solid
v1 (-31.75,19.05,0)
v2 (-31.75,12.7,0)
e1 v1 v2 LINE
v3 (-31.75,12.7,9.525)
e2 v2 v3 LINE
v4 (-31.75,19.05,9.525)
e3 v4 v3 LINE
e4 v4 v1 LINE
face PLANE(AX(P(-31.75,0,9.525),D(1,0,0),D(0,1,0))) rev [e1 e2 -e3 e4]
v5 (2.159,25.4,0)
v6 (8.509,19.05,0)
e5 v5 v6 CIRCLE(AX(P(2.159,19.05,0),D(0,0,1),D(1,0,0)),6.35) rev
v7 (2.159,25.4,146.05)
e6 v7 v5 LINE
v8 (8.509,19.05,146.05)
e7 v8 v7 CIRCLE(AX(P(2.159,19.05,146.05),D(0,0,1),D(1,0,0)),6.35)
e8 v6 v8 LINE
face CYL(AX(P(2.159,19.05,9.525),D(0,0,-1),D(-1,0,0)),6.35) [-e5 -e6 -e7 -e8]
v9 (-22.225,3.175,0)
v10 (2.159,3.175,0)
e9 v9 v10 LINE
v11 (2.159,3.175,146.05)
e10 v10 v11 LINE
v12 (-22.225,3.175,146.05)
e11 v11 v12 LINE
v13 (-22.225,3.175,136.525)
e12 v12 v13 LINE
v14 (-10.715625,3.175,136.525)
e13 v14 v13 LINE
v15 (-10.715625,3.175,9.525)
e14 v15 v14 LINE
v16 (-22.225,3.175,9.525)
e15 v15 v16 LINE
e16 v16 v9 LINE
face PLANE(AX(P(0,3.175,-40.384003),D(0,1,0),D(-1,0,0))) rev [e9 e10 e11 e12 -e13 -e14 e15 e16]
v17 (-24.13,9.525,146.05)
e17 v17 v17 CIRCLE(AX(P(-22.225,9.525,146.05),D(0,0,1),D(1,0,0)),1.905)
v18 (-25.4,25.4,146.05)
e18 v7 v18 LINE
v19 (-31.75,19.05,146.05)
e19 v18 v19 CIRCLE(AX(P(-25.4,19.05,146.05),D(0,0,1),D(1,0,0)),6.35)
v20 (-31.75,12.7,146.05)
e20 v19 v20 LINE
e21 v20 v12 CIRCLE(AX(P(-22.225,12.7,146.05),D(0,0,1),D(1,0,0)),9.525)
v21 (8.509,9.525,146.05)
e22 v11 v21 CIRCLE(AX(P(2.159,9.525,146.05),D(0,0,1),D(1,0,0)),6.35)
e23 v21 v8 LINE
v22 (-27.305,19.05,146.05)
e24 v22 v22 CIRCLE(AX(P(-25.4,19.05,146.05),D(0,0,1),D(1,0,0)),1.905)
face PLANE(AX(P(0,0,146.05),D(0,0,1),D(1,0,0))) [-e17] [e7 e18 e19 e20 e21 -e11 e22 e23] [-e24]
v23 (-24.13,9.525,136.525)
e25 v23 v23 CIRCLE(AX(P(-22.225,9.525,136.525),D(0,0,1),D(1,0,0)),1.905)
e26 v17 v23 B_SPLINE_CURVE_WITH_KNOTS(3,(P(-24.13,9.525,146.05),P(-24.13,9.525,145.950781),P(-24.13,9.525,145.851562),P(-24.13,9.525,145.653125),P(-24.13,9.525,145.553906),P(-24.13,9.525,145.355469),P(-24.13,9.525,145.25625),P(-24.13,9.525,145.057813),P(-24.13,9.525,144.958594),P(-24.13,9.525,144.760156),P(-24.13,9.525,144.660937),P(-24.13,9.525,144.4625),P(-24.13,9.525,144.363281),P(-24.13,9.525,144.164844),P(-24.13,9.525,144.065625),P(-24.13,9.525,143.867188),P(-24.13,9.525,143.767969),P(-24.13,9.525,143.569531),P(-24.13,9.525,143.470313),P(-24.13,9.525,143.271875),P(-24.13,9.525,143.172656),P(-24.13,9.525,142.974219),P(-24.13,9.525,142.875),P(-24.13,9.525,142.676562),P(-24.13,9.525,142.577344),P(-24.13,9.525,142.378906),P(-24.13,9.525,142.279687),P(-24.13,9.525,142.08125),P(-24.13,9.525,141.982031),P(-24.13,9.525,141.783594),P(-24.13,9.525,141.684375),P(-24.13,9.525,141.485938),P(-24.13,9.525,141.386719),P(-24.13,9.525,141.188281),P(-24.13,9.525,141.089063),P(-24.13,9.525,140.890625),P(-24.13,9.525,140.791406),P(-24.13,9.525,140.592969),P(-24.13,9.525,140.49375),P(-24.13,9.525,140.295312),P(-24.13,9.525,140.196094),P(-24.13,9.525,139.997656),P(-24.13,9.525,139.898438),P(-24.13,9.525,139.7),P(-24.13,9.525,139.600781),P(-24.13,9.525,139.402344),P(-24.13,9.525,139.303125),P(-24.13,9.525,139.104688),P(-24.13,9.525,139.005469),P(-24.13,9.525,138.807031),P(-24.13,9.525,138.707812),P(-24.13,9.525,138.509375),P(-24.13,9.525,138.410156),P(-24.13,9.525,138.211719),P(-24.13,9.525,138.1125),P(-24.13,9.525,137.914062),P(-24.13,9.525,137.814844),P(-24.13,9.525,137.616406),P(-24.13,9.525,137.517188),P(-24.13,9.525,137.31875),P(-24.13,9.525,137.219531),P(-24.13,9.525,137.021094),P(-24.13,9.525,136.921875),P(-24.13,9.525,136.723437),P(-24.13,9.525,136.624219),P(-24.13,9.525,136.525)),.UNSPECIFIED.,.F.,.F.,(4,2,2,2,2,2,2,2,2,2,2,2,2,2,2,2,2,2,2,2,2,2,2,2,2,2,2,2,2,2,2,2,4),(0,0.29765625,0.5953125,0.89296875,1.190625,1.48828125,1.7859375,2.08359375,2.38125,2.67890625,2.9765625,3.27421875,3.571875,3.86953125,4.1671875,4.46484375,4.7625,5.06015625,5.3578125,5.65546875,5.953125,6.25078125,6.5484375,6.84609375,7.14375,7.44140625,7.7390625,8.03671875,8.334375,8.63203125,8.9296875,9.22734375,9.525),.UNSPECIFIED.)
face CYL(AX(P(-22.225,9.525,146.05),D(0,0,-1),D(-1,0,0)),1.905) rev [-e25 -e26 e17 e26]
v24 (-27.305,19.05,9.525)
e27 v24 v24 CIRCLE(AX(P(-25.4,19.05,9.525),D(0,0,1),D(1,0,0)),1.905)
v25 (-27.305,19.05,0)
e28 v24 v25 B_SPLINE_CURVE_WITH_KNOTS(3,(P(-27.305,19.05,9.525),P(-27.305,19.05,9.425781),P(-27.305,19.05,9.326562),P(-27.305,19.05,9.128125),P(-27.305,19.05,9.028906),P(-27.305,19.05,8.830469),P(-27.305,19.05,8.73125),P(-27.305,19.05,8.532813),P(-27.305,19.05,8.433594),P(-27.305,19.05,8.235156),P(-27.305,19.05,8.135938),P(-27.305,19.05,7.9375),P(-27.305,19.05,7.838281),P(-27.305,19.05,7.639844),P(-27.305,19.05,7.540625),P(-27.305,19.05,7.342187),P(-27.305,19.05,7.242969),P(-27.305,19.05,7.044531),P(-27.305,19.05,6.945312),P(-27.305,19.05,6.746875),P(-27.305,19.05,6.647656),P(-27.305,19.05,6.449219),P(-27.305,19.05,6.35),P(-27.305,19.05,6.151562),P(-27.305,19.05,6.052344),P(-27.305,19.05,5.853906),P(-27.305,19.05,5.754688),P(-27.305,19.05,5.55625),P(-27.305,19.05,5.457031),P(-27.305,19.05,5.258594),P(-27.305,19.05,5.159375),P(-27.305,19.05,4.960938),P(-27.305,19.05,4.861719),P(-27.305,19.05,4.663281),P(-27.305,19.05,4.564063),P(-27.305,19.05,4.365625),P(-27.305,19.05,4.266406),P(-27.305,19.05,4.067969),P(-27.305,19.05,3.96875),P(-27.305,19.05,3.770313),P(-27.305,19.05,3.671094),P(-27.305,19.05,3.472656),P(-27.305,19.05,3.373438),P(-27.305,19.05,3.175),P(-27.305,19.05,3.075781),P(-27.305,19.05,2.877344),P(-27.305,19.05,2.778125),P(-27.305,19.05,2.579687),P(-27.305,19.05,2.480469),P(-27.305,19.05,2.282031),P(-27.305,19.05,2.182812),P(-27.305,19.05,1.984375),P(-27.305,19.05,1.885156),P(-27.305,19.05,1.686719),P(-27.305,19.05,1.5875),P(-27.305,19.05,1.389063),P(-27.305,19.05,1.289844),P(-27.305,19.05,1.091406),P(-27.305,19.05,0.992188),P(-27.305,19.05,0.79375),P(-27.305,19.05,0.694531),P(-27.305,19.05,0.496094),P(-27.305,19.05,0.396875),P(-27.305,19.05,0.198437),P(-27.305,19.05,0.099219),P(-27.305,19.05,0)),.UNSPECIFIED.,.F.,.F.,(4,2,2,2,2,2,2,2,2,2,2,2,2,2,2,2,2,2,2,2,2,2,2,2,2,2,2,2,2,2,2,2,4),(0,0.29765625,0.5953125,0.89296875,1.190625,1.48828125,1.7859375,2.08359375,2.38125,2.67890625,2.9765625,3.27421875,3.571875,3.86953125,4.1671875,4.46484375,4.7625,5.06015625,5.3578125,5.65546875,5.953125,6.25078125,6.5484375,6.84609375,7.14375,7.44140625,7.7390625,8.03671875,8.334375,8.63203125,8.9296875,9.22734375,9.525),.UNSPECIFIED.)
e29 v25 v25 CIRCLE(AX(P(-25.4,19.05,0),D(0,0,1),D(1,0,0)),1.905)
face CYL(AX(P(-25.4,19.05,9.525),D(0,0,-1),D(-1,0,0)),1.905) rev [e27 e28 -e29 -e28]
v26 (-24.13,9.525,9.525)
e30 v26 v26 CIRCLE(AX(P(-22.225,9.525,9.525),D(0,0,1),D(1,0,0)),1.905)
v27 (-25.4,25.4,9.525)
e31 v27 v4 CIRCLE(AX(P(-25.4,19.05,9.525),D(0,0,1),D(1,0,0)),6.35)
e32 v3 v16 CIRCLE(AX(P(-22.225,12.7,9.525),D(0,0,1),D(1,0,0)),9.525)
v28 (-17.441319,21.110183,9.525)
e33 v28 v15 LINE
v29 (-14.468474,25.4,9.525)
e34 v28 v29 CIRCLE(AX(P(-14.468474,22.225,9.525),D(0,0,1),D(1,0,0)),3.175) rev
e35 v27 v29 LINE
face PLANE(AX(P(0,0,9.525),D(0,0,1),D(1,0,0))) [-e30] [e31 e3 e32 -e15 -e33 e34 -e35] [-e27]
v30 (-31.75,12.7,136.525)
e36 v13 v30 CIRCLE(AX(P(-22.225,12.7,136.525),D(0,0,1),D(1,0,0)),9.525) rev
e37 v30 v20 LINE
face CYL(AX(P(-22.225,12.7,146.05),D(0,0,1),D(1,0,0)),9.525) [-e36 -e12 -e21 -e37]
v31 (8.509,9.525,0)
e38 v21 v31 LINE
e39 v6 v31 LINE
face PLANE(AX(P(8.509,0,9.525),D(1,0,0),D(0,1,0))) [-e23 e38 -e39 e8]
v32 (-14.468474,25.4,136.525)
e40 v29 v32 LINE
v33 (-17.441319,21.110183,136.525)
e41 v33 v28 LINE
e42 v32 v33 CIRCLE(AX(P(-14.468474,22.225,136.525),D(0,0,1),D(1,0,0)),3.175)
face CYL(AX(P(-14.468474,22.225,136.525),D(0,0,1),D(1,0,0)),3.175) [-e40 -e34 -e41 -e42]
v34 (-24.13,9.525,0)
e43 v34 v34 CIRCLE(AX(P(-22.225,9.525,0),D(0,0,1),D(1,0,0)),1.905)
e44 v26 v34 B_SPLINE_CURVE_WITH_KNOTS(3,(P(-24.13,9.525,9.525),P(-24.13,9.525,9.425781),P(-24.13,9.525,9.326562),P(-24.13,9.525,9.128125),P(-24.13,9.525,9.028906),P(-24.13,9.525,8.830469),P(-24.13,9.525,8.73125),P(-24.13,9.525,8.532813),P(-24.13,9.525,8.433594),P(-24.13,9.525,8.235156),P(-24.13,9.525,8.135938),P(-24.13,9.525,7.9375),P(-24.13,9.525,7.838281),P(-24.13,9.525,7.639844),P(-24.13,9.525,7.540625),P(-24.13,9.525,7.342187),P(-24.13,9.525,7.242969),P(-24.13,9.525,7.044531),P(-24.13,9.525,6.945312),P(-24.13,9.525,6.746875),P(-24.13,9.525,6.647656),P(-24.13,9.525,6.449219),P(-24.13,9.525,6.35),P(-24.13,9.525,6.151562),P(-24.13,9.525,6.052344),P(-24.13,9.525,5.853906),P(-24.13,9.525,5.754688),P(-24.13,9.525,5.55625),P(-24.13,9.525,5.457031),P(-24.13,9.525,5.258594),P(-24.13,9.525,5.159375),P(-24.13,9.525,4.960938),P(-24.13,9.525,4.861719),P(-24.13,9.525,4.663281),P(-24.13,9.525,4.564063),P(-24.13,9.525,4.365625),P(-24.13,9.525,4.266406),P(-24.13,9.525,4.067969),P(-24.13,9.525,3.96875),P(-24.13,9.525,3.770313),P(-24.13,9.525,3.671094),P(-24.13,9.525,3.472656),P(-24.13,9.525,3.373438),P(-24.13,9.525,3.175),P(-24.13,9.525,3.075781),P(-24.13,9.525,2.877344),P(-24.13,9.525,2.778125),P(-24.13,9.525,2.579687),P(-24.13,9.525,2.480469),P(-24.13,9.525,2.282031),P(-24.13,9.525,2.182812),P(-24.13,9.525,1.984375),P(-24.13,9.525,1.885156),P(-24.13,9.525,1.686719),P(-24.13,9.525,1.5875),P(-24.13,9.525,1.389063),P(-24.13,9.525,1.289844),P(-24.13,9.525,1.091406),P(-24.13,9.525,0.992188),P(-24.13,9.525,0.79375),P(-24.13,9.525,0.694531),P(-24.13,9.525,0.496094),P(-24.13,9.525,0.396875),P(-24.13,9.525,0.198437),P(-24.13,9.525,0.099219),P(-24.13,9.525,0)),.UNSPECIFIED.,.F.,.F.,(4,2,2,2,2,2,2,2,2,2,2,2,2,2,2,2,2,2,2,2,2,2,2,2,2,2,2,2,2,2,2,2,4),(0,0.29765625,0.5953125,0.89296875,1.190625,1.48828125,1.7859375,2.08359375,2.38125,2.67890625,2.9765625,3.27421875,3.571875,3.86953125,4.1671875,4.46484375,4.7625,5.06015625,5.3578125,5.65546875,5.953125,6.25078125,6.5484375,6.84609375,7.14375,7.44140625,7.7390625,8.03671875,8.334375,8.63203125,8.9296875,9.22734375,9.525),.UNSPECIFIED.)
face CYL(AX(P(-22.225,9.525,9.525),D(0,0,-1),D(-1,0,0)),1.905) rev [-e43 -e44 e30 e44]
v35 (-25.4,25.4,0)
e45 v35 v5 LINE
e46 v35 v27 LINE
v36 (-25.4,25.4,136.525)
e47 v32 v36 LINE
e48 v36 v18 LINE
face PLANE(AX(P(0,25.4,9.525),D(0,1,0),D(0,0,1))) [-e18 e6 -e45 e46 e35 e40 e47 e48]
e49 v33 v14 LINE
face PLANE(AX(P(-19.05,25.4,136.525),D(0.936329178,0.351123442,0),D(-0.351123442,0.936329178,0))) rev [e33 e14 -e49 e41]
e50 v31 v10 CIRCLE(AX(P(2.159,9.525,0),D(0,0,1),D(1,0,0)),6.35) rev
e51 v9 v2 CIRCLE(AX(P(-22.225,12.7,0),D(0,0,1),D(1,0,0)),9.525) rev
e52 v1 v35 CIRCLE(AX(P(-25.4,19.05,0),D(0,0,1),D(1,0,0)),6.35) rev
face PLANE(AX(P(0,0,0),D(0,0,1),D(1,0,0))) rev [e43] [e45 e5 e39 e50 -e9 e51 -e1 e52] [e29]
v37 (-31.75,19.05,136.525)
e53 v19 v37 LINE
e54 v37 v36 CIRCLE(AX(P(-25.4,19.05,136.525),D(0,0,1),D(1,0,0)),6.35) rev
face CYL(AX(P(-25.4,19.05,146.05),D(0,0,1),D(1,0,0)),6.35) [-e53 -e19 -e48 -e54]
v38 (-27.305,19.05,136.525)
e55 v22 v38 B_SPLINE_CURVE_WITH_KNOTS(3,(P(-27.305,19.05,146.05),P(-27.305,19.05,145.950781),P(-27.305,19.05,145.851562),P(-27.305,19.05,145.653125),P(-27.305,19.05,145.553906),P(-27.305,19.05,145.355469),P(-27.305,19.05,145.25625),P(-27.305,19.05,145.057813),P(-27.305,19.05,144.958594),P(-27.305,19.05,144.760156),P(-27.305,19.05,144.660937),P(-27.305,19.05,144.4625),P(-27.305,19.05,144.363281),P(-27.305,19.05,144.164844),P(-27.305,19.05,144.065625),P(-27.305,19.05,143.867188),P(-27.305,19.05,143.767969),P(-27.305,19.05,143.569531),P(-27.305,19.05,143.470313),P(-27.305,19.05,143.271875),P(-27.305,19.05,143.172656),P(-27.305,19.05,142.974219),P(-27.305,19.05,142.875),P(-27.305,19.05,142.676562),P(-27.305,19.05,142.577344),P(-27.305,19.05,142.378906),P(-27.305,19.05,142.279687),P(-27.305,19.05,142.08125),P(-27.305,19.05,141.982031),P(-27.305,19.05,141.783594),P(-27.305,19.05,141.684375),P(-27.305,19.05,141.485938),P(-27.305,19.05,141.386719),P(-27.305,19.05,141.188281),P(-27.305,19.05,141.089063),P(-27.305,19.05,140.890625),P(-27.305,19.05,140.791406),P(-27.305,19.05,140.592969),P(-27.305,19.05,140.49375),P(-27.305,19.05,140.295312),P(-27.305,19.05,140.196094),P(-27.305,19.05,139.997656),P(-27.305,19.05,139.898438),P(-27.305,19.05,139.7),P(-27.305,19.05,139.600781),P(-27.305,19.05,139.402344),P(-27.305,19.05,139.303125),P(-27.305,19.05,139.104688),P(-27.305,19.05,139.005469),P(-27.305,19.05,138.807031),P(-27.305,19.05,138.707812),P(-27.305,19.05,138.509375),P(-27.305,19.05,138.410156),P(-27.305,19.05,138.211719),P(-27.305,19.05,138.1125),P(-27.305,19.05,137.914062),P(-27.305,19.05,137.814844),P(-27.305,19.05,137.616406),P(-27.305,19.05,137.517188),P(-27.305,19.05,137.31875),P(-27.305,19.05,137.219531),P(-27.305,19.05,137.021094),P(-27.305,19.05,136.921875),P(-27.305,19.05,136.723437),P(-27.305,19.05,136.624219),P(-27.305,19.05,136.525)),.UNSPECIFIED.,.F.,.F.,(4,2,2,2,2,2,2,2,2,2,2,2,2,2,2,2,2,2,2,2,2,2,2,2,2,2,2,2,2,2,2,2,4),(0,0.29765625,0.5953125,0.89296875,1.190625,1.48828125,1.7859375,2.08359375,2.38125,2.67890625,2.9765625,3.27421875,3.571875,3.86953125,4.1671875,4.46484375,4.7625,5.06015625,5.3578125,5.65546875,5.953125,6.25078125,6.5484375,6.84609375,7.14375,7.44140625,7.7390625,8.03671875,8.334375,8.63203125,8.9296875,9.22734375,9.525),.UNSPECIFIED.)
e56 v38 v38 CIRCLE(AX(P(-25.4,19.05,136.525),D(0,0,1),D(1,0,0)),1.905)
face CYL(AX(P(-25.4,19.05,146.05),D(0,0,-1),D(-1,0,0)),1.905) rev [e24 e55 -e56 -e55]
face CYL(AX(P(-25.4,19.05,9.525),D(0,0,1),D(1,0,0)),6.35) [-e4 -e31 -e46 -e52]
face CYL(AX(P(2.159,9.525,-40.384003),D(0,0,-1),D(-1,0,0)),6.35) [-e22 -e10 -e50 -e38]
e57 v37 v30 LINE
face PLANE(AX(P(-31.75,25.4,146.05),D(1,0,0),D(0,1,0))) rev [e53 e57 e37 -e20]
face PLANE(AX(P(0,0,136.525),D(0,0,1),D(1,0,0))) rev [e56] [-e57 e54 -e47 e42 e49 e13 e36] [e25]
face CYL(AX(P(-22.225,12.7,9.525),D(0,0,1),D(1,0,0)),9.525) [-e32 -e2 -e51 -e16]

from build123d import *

# Parameters (mm, degrees)
SKETCH1_W           = 40.259
SKETCH1_H           = 25.4
SKETCH1_R           = 1.905
BOSS_EXTRUDE1_DEPTH = 9.525
BOSS_EXTRUDE2_DEPTH = 127
SKETCH3_R           = 1.905
BOSS_EXTRUDE3_DEPTH = 9.525
FILLET2_R           = 6.35
FILLET3_R           = 3.175
CUT_EXTRUDE1_REACH  = 153.604
SKETCH4_W           = 40.259
SKETCH4_H           = 3.175
FILLET4_R           = 9.525
FILLET6_R           = 6.35


with BuildPart() as part:
    # Sketch1 → Boss-Extrude1 (new body)
    with BuildSketch(Plane.XY):
        with Locations((-11.6205, 12.7)):
            Rectangle(SKETCH1_W, SKETCH1_H)
        with Locations(Location((-22.225, 9.525, 0), (0, 0, 180))):
            Circle(SKETCH1_R, mode=Mode.SUBTRACT)
        with Locations(Location((-25.4, 19.05, 0), (0, 0, 180))):
            Circle(SKETCH1_R, mode=Mode.SUBTRACT)
    extrude(amount=BOSS_EXTRUDE1_DEPTH)

    # Sketch2 → Boss-Extrude2 (add)
    with BuildSketch(Plane.XY.offset(9.525)):
        Polygon((-19.05, 25.4), (-9.525, 0), (8.509, 0), (8.509, 25.4), align=None)
    extrude(amount=BOSS_EXTRUDE2_DEPTH)

    # Sketch3 → Boss-Extrude3 (add)
    with BuildSketch(Plane.XY.offset(136.525)):
        Polygon((8.509, 25.4), (-19.05, 25.4), (-31.75, 25.4), (-31.75, 0), (-9.525, 0), (8.509, 0), align=None)
        with Locations(Location((-25.4, 19.05, 0), (0, 0, 180))):
            Circle(SKETCH3_R, mode=Mode.SUBTRACT)
        with Locations(Location((-22.225, 9.525, 0), (0, 0, 180))):
            Circle(SKETCH3_R, mode=Mode.SUBTRACT)
    extrude(amount=BOSS_EXTRUDE3_DEPTH)

    # Fillet2
    fillet2_edges = [part.edges().sort_by_distance(p)[0] for p in [
        (-31.75, 25.4, 4.7625),
        (8.509, 25.4, 73.025),
        (-31.75, 25.4, 141.2875),
    ]]
    fillet(fillet2_edges, radius=FILLET2_R)

    # Fillet3
    fillet3_edges = [part.edges().sort_by_distance(p)[0] for p in [
        (-19.05, 25.4, 73.025),
    ]]
    fillet(fillet3_edges, radius=FILLET3_R)

    # Cut-Extrude1: up to this face of the body (flat: up to its plane)
    cut_extrude1_end = Plane(part.part.faces().sort_by_distance((-11.337539772, 12.464426548, 0))[0])
    # Sketch4 → Cut-Extrude1 (cut, up to the picked face)
    with BuildSketch(Plane.XY.offset(146.05), mode=Mode.PRIVATE) as cut_extrude1_sk1:
        with Locations((-11.6205, 1.5875)):
            Rectangle(SKETCH4_W, SKETCH4_H)
    cut_extrude1_tool1 = split(extrude(cut_extrude1_sk1.sketch, amount=-CUT_EXTRUDE1_REACH, mode=Mode.PRIVATE), bisect_by=cut_extrude1_end, keep=Keep.BOTH, mode=Mode.PRIVATE)
    add(cut_extrude1_tool1.solids().sort_by(Axis((-11.6205, 1.5875, 146.05), (0, 0, -1)))[0], mode=Mode.SUBTRACT)

    # Fillet4
    fillet4_edges = [part.edges().sort_by_distance(p)[0] for p in [
        (-31.75, 3.175, 141.2875),
        (-31.75, 3.175, 4.7625),
    ]]
    fillet(fillet4_edges, radius=FILLET4_R)

    # Fillet6
    fillet6_edges = [part.edges().sort_by_distance(p)[0] for p in [
        (8.509, 3.175, 73.025),
    ]]
    fillet(fillet6_edges, radius=FILLET6_R)


solid = part.part
